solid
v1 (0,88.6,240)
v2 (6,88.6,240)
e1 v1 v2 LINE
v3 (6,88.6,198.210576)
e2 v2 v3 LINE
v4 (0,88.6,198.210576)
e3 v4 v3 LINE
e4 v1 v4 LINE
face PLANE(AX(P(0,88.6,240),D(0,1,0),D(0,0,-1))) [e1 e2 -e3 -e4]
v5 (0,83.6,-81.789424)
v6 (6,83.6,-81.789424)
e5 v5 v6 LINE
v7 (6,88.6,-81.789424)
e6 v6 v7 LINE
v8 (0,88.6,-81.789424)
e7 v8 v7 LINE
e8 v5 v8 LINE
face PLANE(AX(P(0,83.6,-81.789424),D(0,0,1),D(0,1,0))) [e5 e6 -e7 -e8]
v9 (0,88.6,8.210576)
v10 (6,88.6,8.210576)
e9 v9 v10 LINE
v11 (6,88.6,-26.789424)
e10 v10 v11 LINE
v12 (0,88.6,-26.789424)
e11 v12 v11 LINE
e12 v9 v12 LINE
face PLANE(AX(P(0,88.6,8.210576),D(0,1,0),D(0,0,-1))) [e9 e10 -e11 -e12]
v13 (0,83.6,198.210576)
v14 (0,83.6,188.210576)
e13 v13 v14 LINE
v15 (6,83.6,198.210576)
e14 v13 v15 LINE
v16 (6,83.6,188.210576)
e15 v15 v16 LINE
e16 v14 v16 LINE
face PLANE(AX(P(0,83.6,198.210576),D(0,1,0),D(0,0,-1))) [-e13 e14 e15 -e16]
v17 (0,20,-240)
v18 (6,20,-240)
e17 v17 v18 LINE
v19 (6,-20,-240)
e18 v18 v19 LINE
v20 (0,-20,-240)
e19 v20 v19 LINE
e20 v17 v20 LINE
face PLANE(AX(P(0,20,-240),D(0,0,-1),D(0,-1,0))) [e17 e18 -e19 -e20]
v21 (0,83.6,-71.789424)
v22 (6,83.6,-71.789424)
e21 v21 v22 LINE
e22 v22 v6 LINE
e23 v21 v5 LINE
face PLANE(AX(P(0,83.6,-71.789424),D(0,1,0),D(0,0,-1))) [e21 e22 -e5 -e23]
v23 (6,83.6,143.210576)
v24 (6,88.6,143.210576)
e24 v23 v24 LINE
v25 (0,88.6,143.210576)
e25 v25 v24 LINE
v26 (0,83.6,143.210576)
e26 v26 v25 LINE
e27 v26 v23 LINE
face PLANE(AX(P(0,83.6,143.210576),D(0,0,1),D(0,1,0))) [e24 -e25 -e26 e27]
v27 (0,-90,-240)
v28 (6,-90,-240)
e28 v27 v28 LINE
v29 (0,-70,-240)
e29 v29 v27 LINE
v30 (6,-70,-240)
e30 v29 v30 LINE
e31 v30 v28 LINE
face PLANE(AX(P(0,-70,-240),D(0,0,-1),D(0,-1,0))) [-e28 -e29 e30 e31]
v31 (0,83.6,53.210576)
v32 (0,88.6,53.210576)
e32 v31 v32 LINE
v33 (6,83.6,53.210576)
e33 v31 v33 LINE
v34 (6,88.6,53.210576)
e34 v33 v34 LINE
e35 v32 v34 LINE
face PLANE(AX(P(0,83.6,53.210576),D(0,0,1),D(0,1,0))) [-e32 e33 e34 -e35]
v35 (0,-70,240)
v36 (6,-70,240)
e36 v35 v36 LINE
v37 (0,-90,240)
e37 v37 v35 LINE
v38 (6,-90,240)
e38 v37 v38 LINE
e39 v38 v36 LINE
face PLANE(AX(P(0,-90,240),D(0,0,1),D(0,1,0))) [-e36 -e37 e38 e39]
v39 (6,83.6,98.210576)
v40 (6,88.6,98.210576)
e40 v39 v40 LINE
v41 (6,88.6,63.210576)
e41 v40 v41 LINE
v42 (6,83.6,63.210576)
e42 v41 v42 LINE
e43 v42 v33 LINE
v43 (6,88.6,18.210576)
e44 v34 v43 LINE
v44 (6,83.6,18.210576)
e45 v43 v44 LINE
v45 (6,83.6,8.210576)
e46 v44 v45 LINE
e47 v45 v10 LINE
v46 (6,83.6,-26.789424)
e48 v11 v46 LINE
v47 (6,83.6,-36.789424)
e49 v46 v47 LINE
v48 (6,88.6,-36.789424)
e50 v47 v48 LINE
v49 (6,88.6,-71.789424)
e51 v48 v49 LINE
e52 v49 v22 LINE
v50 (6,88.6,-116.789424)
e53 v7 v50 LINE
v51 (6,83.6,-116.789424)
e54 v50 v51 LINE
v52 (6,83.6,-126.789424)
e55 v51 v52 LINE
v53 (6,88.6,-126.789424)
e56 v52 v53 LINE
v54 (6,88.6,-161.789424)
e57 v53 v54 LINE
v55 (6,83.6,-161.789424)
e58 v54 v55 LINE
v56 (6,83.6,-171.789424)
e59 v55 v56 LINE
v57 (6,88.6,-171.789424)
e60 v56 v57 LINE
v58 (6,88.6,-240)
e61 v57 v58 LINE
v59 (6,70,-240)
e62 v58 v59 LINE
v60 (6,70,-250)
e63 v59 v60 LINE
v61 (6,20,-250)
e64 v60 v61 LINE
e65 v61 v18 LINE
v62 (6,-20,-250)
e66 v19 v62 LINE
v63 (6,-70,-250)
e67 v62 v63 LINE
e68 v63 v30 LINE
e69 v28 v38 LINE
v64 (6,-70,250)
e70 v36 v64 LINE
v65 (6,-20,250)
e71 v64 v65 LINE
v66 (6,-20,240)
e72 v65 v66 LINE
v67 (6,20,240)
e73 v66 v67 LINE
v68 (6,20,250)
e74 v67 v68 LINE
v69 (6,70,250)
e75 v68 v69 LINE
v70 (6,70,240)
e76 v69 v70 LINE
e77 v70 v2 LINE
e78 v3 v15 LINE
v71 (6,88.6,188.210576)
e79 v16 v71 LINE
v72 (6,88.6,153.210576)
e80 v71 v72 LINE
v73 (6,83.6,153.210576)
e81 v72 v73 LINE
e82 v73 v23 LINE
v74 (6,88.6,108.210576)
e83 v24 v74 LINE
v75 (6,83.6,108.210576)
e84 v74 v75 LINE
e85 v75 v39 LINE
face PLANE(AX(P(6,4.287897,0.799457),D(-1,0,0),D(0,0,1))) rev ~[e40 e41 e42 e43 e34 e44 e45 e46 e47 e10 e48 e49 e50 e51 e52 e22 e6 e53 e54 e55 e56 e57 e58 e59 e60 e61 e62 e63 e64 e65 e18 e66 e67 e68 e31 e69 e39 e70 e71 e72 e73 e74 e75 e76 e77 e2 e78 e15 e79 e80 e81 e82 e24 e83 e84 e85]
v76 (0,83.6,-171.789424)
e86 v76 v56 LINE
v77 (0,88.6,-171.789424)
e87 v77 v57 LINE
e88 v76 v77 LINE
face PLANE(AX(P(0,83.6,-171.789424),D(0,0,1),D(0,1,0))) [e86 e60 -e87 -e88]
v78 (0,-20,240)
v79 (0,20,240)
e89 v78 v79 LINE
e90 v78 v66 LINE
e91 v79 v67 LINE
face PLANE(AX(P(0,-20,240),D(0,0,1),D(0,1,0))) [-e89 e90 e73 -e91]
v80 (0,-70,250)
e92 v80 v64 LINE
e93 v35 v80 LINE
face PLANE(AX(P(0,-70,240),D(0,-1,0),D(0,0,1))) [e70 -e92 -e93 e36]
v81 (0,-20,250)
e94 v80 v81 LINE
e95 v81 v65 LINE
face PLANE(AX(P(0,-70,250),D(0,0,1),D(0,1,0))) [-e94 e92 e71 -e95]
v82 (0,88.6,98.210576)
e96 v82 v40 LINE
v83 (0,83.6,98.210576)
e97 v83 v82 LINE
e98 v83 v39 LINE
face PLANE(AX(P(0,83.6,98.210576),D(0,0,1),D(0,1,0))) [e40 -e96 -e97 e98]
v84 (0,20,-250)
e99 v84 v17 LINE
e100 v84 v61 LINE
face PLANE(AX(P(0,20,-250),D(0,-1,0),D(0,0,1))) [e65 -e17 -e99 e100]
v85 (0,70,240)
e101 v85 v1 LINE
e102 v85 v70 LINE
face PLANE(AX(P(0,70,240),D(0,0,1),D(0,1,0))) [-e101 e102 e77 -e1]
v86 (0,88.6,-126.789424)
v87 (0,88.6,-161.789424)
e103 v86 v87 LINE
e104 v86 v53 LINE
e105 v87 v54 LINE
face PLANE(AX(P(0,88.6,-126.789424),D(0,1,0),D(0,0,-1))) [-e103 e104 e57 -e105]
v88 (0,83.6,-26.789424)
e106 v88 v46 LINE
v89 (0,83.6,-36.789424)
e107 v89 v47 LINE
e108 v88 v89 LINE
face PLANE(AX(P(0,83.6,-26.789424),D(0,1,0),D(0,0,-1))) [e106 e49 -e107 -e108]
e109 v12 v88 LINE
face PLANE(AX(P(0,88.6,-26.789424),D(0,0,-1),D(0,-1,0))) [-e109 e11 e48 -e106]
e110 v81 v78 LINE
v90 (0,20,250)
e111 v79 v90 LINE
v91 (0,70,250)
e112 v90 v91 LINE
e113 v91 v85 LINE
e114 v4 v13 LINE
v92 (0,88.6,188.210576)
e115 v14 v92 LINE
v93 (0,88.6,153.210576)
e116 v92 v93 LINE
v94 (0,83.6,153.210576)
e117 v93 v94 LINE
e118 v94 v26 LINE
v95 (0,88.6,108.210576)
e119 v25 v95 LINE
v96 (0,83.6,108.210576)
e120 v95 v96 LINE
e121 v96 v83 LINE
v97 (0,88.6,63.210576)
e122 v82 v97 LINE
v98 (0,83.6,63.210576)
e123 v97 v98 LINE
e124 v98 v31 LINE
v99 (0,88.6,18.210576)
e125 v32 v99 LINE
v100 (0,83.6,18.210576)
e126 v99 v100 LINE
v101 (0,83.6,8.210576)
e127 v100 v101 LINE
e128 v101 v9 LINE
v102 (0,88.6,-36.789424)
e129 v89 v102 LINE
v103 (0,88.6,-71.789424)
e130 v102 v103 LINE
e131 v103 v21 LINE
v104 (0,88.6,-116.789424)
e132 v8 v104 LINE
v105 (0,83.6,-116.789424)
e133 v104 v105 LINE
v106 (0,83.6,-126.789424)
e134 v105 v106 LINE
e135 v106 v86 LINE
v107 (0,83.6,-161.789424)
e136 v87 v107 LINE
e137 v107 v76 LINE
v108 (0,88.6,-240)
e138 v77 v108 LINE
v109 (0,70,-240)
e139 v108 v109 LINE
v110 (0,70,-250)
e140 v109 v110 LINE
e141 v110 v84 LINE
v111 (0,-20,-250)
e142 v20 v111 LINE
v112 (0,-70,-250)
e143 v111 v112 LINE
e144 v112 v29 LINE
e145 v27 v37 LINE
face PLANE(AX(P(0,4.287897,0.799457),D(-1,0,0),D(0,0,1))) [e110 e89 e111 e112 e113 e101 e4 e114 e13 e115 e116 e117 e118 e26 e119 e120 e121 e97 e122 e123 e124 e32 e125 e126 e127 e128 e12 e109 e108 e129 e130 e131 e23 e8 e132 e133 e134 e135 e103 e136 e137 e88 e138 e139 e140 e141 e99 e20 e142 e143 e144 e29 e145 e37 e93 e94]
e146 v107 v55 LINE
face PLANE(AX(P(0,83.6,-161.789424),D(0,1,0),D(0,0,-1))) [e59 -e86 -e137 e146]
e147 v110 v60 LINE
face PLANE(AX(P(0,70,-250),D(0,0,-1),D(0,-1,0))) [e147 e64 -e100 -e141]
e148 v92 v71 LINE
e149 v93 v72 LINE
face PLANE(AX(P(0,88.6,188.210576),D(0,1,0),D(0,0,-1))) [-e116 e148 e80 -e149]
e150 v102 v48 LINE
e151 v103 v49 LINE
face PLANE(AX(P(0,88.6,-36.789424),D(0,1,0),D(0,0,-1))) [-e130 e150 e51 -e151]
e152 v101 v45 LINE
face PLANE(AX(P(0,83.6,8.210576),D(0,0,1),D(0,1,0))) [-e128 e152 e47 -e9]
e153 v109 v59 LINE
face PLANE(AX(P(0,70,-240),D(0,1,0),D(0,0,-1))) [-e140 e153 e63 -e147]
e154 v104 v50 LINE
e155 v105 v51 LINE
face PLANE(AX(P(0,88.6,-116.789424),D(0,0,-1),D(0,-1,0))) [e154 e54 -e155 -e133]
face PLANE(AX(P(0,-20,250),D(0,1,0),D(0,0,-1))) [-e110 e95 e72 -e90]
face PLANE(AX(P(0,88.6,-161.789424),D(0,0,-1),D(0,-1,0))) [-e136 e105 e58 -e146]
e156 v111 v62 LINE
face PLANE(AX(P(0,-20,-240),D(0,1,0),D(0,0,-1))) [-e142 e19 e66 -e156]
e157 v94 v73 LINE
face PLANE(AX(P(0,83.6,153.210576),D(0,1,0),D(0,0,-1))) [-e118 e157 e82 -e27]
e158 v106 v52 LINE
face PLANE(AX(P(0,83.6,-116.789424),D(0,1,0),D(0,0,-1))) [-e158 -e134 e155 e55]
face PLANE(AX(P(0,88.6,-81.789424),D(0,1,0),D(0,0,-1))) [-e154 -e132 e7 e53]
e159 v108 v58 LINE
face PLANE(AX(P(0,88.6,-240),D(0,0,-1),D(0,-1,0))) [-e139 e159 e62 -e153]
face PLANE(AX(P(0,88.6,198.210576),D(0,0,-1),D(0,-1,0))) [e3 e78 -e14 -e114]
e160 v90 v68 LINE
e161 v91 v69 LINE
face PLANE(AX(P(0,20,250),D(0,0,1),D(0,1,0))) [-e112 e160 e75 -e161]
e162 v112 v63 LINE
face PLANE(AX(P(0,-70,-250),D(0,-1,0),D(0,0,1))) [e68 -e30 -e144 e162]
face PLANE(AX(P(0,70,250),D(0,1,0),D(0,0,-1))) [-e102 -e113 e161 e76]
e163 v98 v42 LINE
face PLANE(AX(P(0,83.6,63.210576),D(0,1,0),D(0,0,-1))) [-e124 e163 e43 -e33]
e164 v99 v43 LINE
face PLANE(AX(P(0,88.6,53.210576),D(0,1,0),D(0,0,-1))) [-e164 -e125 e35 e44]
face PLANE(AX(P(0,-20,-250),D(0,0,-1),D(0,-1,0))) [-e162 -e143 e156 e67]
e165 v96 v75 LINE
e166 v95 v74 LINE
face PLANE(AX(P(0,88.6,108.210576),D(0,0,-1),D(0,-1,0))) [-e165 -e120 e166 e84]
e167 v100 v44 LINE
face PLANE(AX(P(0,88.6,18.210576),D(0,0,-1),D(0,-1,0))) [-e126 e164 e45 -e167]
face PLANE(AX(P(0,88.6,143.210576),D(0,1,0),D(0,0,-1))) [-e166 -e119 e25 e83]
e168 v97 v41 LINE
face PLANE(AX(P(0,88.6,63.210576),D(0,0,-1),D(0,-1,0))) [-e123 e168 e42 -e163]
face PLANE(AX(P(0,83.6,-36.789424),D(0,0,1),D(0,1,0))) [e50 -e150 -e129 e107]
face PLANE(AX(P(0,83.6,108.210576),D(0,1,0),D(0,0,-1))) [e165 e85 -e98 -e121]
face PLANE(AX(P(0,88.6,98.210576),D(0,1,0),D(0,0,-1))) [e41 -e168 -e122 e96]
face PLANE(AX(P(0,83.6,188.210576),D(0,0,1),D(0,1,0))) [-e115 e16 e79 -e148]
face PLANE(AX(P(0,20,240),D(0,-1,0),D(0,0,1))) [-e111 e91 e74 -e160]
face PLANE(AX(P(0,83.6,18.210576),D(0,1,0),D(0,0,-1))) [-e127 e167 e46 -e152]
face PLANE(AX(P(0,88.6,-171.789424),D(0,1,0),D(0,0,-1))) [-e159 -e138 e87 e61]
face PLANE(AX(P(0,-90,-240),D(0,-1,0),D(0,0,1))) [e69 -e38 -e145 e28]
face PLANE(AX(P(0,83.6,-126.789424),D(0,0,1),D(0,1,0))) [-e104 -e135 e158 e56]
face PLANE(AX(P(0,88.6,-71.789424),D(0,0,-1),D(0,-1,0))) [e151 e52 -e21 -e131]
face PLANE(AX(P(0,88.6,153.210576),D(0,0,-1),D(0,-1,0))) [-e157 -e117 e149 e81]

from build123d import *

# Parameters (mm, degrees)
EXTRUDE_2_DEPTH = 6


with BuildPart() as part:
    # Эскиз1 → Бобышка-Вытянуть2 (new body)
    with BuildSketch(Plane(origin=(0, 0, 0), x_dir=(0, 0, -1), z_dir=(1, 0, 0))):
        Polygon((240, -90), (-240, -90), (-240, -70), (-250, -70), (-250, -20), (-240, -20), (-240, 20), (-250, 20), (-250, 70), (-240, 70), (-240, 88.6), (-198.210576245, 88.6), (-198.210576245, 83.6), (-188.210576245, 83.6), (-188.210576245, 88.6), (-153.210576245, 88.6), (-153.210576245, 83.6), (-143.210576245, 83.6), (-143.210576245, 88.6), (-108.210576245, 88.6), (-108.210576245, 83.6), (-98.210576245, 83.6), (-98.210576245, 88.6), (-63.210576245, 88.6), (-63.210576245, 83.6), (-53.210576245, 83.6), (-53.210576245, 88.6), (-18.210576245, 88.6), (-18.210576245, 83.6), (-8.210576245, 83.6), (-8.210576245, 88.6), (26.789423755, 88.6), (26.789423755, 83.6), (36.789423755, 83.6), (36.789423755, 88.6), (71.789423755, 88.6), (71.789423755, 83.6), (81.789423755, 83.6), (81.789423755, 88.6), (116.789423755, 88.6), (116.789423755, 83.6), (126.789423755, 83.6), (126.789423755, 88.6), (161.789423755, 88.6), (161.789423755, 83.6), (171.789423755, 83.6), (171.789423755, 88.6), (240, 88.6), (240, 70), (250, 70), (250, 20), (240, 20), (240, -20), (250, -20), (250, -70), (240, -70), align=None)
    extrude(amount=EXTRUDE_2_DEPTH)


solid = part.part
